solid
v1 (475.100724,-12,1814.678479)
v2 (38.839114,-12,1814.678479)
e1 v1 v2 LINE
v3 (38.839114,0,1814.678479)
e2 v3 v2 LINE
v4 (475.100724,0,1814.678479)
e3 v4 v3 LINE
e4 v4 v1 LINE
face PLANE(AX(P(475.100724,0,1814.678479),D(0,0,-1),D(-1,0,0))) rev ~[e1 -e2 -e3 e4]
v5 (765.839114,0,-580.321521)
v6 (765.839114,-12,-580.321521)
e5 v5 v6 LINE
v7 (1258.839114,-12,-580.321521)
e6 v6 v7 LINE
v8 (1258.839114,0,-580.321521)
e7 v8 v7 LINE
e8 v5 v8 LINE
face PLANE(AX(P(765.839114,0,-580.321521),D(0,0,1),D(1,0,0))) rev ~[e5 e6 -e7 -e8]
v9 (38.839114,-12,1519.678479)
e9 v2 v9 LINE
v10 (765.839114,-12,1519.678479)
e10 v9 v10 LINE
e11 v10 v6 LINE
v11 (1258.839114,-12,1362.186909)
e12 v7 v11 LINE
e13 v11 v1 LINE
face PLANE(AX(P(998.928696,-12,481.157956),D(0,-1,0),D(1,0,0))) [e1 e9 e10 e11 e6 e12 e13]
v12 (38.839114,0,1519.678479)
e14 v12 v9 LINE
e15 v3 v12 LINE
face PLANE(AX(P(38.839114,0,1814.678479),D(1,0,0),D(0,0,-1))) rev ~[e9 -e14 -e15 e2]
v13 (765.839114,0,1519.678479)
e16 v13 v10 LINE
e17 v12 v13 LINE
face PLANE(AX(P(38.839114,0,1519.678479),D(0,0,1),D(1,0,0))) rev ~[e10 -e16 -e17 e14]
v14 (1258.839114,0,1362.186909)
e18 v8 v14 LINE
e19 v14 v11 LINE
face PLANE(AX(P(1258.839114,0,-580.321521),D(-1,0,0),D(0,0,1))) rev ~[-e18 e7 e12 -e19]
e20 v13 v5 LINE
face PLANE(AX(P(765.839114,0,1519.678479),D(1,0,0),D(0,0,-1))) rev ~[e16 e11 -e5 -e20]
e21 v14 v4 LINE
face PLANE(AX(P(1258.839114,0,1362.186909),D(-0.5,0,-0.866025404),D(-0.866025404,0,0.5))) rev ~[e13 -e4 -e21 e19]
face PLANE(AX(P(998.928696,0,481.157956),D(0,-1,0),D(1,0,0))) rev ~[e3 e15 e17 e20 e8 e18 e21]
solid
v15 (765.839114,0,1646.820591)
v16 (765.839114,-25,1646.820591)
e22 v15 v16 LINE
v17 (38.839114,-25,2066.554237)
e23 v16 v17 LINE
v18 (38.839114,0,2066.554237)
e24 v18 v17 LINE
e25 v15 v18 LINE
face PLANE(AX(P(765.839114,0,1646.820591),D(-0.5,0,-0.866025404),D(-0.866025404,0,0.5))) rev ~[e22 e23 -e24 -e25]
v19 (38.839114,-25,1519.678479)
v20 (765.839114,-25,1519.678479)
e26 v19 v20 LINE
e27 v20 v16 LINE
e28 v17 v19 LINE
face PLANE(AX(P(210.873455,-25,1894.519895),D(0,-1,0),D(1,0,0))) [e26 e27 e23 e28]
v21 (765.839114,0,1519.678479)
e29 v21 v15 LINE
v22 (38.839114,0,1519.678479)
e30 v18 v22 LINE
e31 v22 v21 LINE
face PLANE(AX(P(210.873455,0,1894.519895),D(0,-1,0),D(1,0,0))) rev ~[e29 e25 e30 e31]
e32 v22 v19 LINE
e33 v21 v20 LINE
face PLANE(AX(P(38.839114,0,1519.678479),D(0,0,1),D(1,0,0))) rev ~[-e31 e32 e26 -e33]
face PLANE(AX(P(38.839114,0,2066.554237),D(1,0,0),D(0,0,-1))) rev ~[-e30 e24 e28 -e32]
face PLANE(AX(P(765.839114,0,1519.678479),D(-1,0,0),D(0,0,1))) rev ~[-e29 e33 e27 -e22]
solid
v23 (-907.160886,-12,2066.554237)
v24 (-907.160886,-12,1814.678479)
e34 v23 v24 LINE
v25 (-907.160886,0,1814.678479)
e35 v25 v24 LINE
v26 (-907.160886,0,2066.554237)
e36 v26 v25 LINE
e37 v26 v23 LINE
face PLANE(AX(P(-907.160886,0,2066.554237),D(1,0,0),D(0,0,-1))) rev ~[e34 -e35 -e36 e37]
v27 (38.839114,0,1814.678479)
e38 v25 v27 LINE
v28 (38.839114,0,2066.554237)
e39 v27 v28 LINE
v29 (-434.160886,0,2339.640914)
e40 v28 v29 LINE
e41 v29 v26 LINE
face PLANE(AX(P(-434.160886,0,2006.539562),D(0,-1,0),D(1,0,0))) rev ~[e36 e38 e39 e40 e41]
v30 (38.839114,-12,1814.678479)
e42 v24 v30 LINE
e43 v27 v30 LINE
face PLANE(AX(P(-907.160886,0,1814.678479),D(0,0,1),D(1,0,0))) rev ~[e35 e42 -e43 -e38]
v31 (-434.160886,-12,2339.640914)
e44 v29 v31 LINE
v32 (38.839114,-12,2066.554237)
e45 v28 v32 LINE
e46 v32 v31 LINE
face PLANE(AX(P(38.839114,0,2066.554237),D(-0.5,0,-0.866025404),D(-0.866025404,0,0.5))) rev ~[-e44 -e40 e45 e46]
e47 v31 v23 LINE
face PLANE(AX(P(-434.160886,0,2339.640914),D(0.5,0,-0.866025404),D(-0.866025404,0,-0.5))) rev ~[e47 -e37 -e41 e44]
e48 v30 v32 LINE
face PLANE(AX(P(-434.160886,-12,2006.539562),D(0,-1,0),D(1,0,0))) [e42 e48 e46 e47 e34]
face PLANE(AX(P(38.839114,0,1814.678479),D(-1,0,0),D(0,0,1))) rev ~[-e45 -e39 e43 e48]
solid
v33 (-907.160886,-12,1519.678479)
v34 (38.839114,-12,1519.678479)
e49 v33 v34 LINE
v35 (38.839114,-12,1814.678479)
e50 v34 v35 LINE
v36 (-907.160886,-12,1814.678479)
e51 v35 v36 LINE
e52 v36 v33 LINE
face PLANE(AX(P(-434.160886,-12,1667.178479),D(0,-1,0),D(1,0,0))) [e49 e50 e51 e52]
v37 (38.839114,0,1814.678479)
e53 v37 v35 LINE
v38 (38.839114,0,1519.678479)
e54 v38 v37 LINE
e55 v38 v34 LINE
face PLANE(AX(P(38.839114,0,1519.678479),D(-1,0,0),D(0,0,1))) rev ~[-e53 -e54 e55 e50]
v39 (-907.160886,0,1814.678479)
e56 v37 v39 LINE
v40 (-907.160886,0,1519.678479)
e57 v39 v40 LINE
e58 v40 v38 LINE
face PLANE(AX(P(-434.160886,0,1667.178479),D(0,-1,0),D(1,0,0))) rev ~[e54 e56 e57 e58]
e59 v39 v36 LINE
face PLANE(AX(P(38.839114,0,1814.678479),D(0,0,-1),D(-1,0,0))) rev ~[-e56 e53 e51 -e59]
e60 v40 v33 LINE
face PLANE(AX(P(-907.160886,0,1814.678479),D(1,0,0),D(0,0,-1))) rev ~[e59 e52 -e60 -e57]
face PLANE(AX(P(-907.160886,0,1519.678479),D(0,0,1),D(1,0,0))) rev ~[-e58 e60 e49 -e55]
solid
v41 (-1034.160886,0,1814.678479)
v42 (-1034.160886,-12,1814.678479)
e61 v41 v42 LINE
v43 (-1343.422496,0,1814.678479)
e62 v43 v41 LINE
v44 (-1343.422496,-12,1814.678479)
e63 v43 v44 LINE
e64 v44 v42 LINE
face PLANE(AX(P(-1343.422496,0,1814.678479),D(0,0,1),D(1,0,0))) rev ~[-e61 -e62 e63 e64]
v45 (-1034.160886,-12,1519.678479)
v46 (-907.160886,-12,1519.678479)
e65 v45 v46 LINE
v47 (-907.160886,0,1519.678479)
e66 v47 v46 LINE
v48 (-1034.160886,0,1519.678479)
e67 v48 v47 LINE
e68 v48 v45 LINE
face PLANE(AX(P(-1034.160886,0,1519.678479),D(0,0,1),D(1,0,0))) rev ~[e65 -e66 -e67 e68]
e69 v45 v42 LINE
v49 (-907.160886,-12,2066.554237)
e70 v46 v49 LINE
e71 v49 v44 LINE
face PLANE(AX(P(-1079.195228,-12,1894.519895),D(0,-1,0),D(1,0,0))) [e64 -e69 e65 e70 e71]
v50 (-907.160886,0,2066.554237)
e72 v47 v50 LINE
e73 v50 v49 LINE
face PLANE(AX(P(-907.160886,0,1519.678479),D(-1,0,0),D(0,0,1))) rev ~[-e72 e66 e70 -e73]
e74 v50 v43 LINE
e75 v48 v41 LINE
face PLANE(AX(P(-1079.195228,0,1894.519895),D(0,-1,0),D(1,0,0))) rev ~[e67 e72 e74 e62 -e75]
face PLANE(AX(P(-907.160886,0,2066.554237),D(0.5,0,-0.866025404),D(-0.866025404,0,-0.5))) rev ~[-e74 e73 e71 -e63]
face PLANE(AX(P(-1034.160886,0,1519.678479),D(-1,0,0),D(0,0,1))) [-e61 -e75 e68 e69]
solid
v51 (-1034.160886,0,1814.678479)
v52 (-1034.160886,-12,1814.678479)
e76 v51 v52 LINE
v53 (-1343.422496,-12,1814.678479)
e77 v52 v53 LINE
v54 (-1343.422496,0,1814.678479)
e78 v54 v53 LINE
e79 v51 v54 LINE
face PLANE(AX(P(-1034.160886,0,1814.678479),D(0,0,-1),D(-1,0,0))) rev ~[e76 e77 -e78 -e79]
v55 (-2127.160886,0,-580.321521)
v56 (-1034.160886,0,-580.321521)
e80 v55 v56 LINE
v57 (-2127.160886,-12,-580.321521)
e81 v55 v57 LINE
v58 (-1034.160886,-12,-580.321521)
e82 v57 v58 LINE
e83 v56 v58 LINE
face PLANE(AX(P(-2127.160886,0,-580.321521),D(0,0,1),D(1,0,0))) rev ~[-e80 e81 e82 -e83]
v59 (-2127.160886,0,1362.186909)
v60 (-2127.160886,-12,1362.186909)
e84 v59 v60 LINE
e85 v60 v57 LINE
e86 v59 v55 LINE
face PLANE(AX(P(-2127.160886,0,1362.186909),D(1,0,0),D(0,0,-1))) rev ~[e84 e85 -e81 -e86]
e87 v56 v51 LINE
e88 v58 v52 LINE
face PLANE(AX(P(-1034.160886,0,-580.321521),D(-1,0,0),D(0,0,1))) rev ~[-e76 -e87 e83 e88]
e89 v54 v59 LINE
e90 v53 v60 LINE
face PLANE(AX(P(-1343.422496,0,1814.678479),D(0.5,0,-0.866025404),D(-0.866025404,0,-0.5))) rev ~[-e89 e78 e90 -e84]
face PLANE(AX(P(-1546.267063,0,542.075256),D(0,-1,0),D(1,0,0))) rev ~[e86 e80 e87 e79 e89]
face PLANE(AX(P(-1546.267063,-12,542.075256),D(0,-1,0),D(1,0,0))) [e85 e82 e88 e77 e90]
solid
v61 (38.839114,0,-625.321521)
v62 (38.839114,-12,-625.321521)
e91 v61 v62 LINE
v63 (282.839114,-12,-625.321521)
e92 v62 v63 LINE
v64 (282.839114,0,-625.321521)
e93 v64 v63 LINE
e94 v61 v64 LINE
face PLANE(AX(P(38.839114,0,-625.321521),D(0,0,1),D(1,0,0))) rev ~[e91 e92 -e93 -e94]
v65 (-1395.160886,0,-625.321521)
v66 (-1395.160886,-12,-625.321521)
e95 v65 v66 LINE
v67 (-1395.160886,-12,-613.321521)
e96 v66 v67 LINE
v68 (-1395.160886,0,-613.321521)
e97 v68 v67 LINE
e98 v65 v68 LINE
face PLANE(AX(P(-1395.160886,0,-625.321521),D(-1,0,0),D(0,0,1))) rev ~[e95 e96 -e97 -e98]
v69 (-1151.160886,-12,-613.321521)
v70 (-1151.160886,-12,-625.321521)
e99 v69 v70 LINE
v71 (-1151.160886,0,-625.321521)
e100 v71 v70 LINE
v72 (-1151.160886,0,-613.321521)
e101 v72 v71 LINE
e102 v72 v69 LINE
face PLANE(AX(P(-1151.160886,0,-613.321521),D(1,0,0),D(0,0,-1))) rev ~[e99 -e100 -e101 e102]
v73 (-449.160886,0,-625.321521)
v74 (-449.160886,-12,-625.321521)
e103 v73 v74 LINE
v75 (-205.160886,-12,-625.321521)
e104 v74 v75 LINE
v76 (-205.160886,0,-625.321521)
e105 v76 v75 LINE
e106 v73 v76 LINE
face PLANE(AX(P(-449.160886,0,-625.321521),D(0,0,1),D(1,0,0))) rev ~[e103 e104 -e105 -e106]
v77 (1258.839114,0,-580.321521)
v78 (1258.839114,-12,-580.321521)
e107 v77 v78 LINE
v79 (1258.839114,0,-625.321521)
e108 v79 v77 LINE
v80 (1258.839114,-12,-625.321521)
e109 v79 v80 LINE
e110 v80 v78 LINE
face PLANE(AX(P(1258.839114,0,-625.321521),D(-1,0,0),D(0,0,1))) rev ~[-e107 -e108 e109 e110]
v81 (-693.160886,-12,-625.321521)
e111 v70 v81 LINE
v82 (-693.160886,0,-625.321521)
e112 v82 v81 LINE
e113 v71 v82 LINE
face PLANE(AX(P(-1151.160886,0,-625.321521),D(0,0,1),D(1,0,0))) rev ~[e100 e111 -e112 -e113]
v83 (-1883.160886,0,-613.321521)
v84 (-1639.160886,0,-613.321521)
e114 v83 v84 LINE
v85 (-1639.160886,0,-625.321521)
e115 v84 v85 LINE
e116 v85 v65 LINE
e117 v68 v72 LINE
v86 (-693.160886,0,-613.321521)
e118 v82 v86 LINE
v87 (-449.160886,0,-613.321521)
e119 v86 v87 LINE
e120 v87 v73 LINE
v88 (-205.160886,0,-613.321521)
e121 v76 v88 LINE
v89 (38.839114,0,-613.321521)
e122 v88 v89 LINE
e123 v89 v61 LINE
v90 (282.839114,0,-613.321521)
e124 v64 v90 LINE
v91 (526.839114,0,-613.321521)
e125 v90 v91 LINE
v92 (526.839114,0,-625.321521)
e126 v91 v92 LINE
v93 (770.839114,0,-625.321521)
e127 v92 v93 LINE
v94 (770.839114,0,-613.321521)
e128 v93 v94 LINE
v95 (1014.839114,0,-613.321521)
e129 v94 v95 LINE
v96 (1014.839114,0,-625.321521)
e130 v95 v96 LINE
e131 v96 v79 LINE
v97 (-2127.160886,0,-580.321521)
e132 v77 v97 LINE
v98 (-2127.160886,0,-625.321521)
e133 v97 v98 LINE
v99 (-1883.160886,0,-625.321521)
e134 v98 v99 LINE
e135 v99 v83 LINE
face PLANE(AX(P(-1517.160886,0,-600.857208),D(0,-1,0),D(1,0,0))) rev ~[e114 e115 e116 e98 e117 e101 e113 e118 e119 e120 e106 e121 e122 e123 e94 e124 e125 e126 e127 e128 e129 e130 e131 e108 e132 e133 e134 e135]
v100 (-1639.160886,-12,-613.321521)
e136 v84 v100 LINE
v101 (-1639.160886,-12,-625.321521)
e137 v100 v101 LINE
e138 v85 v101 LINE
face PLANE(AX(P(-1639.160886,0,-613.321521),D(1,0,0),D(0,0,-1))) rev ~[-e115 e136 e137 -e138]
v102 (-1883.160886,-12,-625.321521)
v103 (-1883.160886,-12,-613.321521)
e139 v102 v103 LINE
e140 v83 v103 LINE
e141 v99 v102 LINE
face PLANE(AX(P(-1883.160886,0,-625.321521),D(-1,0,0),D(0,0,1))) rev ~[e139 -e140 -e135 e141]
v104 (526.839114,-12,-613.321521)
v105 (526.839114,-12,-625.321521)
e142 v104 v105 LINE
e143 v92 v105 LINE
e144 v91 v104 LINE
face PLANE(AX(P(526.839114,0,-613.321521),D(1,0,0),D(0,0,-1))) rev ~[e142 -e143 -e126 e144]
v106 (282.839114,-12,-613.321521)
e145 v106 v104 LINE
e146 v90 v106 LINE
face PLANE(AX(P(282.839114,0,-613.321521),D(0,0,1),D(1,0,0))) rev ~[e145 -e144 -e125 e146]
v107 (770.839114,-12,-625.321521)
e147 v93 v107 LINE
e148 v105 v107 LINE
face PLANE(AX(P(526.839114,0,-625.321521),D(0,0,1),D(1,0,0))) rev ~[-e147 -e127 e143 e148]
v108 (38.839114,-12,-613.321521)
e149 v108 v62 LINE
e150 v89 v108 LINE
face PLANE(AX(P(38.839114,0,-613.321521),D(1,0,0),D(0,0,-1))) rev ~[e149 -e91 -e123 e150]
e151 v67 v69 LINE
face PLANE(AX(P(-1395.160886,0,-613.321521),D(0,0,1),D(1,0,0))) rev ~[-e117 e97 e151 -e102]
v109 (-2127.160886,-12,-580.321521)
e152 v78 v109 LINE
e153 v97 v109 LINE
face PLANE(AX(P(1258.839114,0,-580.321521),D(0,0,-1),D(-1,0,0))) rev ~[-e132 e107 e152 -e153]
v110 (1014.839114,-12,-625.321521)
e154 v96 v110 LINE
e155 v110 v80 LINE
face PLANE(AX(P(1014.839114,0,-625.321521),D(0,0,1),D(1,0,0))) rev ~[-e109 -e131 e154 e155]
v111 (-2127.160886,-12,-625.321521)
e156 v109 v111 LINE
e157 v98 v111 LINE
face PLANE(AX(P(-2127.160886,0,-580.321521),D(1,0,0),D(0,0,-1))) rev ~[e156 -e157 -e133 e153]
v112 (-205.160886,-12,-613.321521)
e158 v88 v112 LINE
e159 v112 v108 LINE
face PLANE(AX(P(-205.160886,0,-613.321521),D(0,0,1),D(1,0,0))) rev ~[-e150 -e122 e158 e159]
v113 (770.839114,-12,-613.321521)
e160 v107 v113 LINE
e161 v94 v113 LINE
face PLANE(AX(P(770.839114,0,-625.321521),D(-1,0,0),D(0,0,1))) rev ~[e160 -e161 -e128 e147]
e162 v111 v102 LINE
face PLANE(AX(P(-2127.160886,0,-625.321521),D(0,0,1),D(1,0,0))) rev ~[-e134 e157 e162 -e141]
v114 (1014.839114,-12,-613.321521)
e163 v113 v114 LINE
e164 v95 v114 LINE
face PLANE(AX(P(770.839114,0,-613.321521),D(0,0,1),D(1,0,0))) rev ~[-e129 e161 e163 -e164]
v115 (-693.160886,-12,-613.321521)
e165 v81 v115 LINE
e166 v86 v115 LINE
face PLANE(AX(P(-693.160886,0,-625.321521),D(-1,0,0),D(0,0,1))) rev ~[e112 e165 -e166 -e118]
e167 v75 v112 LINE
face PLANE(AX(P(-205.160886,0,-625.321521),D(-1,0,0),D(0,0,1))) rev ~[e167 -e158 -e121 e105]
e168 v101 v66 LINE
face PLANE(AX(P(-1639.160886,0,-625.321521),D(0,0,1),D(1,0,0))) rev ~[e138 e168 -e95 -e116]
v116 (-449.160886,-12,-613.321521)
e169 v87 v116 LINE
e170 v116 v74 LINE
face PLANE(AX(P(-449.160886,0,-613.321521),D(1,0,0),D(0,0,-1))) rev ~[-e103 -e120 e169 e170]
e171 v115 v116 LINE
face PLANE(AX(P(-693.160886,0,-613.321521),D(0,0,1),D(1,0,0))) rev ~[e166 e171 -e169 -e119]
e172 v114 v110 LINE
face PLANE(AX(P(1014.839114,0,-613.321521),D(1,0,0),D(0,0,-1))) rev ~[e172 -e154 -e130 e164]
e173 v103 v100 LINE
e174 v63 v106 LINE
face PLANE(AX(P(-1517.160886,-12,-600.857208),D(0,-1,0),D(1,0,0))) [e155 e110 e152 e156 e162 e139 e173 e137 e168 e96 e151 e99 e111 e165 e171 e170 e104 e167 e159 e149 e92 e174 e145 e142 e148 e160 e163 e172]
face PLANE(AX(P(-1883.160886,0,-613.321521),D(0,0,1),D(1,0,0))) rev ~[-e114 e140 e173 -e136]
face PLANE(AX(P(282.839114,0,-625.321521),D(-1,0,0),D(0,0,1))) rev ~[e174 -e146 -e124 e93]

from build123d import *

# Parameters (mm, degrees)
F1_DEPTH = 12
F2_DEPTH = 12
F3_DEPTH = 12
F4_DEPTH = 12
F0_W     = 127
F0_H     = 295
F5_DEPTH = 12
F6_DEPTH = 25
F7_DEPTH = 12


with BuildPart() as f1:
    # F0 (on Front) → F1 (new body)
    with BuildSketch(Plane.XZ):
        Polygon((-2127.1608864989, -580.3215209696), (-1034.1608864989, -580.3215209696), (-1034.1608864989, 1519.6784790304), (-1034.1608864989, 1814.6784790304), (-1343.4224964989, 1814.6784790304), (-2127.1608864989, 1362.1869085897), align=None)
    extrude(amount=F1_DEPTH)


with BuildPart() as f2:
    # F0 (on Front) → F2 (new body)
    with BuildSketch(Plane.XZ):
        Polygon((765.8391135011, 1519.6784790304), (765.8391135011, -580.3215209696), (1258.8391135011, -580.3215209696), (1258.8391135011, 1362.1869085897), (765.8391135011, 1646.8205913001), align=None)
        Polygon((38.8391135011, 1814.6784790304), (38.8391135011, 1519.6784790304), (765.8391135011, 1519.6784790304), (765.8391135011, 1646.8205913001), (475.1007235011, 1814.6784790304), align=None)
    extrude(amount=F2_DEPTH)


with BuildPart() as f3:
    # F0 (on Front) → F3 (new body)
    with BuildSketch(Plane.XZ):
        Polygon((-907.1608864989, 1814.6784790304), (38.8391135011, 1814.6784790304), (38.8391135011, 2066.554237001), (-434.1608864989, 2339.6409143277), (-907.1608864989, 2066.554237001), align=None)
    extrude(amount=F3_DEPTH)


with BuildPart() as f4:
    # F0 (on Front) → F4 (new body)
    with BuildSketch(Plane.XZ):
        Polygon((-434.1608864989, 1519.6784790304), (38.8391135011, 1519.6784790304), (38.8391135011, 1814.6784790304), (-907.1608864989, 1814.6784790304), (-907.1608864989, 1519.6784790304), align=None)
    extrude(amount=F4_DEPTH)


with BuildPart() as f5:
    # F0 (on Front) → F5 (new body)
    with BuildSketch(Plane.XZ):
        Polygon((-1034.1608864989, 1814.6784790304), (-907.1608864989, 1814.6784790304), (-907.1608864989, 2066.554237001), (-1343.4224964989, 1814.6784790304), align=None)
        with Locations((-970.6608864989, 1667.1784790304)):
            Rectangle(F0_W, F0_H)
    extrude(amount=F5_DEPTH)


with BuildPart() as f6:
    # F0 (on Front) → F6 (new body)
    with BuildSketch(Plane.XZ):
        Polygon((38.8391135011, 2066.554237001), (38.8391135011, 1814.6784790304), (475.1007235011, 1814.6784790304), align=None)
        Polygon((38.8391135011, 1814.6784790304), (38.8391135011, 1519.6784790304), (765.8391135011, 1519.6784790304), (765.8391135011, 1646.8205913001), (475.1007235011, 1814.6784790304), align=None)
    extrude(amount=F6_DEPTH)


with BuildPart() as f7:
    # F0 (on Front) → F7 (new body)
    with BuildSketch(Plane.XZ):
        Polygon((-907.1608864989, -625.3215209696), (-907.1608864989, -580.3215209696), (-1034.1608864989, -580.3215209696), (-2127.1608864989, -580.3215209696), (-2127.1608864989, -625.3215209696), (-1883.1608864989, -625.3215209696), (-1883.1608864989, -613.3215209696), (-1639.1608864989, -613.3215209696), (-1639.1608864989, -625.3215209696), (-1395.1608864989, -625.3215209696), (-1395.1608864989, -613.3215209696), (-1151.1608864989, -613.3215209696), (-1151.1608864989, -625.3215209696), align=None)
        Polygon((-205.1608864989, -613.3215209696), (38.8391135011, -613.3215209696), (38.8391135011, -580.3215209696), (-907.1608864989, -580.3215209696), (-907.1608864989, -625.3215209696), (-693.1608864989, -625.3215209696), (-693.1608864989, -613.3215209696), (-449.1608864989, -613.3215209696), (-449.1608864989, -625.3215209696), (-205.1608864989, -625.3215209696), align=None)
        Polygon((38.8391135011, -613.3215209696), (38.8391135011, -625.3215209696), (282.8391135011, -625.3215209696), (282.8391135011, -613.3215209696), (526.8391135011, -613.3215209696), (526.8391135011, -625.3215209696), (770.8391135011, -625.3215209696), (770.8391135011, -613.3215209696), (1014.8391135011, -613.3215209696), (1014.8391135011, -625.3215209696), (1258.8391135011, -625.3215209696), (1258.8391135011, -580.3215209696), (765.8391135011, -580.3215209696), (38.8391135011, -580.3215209696), align=None)
    extrude(amount=F7_DEPTH)


solid = Compound([f1.part, f2.part, f3.part, f4.part, f5.part, f6.part, f7.part])
